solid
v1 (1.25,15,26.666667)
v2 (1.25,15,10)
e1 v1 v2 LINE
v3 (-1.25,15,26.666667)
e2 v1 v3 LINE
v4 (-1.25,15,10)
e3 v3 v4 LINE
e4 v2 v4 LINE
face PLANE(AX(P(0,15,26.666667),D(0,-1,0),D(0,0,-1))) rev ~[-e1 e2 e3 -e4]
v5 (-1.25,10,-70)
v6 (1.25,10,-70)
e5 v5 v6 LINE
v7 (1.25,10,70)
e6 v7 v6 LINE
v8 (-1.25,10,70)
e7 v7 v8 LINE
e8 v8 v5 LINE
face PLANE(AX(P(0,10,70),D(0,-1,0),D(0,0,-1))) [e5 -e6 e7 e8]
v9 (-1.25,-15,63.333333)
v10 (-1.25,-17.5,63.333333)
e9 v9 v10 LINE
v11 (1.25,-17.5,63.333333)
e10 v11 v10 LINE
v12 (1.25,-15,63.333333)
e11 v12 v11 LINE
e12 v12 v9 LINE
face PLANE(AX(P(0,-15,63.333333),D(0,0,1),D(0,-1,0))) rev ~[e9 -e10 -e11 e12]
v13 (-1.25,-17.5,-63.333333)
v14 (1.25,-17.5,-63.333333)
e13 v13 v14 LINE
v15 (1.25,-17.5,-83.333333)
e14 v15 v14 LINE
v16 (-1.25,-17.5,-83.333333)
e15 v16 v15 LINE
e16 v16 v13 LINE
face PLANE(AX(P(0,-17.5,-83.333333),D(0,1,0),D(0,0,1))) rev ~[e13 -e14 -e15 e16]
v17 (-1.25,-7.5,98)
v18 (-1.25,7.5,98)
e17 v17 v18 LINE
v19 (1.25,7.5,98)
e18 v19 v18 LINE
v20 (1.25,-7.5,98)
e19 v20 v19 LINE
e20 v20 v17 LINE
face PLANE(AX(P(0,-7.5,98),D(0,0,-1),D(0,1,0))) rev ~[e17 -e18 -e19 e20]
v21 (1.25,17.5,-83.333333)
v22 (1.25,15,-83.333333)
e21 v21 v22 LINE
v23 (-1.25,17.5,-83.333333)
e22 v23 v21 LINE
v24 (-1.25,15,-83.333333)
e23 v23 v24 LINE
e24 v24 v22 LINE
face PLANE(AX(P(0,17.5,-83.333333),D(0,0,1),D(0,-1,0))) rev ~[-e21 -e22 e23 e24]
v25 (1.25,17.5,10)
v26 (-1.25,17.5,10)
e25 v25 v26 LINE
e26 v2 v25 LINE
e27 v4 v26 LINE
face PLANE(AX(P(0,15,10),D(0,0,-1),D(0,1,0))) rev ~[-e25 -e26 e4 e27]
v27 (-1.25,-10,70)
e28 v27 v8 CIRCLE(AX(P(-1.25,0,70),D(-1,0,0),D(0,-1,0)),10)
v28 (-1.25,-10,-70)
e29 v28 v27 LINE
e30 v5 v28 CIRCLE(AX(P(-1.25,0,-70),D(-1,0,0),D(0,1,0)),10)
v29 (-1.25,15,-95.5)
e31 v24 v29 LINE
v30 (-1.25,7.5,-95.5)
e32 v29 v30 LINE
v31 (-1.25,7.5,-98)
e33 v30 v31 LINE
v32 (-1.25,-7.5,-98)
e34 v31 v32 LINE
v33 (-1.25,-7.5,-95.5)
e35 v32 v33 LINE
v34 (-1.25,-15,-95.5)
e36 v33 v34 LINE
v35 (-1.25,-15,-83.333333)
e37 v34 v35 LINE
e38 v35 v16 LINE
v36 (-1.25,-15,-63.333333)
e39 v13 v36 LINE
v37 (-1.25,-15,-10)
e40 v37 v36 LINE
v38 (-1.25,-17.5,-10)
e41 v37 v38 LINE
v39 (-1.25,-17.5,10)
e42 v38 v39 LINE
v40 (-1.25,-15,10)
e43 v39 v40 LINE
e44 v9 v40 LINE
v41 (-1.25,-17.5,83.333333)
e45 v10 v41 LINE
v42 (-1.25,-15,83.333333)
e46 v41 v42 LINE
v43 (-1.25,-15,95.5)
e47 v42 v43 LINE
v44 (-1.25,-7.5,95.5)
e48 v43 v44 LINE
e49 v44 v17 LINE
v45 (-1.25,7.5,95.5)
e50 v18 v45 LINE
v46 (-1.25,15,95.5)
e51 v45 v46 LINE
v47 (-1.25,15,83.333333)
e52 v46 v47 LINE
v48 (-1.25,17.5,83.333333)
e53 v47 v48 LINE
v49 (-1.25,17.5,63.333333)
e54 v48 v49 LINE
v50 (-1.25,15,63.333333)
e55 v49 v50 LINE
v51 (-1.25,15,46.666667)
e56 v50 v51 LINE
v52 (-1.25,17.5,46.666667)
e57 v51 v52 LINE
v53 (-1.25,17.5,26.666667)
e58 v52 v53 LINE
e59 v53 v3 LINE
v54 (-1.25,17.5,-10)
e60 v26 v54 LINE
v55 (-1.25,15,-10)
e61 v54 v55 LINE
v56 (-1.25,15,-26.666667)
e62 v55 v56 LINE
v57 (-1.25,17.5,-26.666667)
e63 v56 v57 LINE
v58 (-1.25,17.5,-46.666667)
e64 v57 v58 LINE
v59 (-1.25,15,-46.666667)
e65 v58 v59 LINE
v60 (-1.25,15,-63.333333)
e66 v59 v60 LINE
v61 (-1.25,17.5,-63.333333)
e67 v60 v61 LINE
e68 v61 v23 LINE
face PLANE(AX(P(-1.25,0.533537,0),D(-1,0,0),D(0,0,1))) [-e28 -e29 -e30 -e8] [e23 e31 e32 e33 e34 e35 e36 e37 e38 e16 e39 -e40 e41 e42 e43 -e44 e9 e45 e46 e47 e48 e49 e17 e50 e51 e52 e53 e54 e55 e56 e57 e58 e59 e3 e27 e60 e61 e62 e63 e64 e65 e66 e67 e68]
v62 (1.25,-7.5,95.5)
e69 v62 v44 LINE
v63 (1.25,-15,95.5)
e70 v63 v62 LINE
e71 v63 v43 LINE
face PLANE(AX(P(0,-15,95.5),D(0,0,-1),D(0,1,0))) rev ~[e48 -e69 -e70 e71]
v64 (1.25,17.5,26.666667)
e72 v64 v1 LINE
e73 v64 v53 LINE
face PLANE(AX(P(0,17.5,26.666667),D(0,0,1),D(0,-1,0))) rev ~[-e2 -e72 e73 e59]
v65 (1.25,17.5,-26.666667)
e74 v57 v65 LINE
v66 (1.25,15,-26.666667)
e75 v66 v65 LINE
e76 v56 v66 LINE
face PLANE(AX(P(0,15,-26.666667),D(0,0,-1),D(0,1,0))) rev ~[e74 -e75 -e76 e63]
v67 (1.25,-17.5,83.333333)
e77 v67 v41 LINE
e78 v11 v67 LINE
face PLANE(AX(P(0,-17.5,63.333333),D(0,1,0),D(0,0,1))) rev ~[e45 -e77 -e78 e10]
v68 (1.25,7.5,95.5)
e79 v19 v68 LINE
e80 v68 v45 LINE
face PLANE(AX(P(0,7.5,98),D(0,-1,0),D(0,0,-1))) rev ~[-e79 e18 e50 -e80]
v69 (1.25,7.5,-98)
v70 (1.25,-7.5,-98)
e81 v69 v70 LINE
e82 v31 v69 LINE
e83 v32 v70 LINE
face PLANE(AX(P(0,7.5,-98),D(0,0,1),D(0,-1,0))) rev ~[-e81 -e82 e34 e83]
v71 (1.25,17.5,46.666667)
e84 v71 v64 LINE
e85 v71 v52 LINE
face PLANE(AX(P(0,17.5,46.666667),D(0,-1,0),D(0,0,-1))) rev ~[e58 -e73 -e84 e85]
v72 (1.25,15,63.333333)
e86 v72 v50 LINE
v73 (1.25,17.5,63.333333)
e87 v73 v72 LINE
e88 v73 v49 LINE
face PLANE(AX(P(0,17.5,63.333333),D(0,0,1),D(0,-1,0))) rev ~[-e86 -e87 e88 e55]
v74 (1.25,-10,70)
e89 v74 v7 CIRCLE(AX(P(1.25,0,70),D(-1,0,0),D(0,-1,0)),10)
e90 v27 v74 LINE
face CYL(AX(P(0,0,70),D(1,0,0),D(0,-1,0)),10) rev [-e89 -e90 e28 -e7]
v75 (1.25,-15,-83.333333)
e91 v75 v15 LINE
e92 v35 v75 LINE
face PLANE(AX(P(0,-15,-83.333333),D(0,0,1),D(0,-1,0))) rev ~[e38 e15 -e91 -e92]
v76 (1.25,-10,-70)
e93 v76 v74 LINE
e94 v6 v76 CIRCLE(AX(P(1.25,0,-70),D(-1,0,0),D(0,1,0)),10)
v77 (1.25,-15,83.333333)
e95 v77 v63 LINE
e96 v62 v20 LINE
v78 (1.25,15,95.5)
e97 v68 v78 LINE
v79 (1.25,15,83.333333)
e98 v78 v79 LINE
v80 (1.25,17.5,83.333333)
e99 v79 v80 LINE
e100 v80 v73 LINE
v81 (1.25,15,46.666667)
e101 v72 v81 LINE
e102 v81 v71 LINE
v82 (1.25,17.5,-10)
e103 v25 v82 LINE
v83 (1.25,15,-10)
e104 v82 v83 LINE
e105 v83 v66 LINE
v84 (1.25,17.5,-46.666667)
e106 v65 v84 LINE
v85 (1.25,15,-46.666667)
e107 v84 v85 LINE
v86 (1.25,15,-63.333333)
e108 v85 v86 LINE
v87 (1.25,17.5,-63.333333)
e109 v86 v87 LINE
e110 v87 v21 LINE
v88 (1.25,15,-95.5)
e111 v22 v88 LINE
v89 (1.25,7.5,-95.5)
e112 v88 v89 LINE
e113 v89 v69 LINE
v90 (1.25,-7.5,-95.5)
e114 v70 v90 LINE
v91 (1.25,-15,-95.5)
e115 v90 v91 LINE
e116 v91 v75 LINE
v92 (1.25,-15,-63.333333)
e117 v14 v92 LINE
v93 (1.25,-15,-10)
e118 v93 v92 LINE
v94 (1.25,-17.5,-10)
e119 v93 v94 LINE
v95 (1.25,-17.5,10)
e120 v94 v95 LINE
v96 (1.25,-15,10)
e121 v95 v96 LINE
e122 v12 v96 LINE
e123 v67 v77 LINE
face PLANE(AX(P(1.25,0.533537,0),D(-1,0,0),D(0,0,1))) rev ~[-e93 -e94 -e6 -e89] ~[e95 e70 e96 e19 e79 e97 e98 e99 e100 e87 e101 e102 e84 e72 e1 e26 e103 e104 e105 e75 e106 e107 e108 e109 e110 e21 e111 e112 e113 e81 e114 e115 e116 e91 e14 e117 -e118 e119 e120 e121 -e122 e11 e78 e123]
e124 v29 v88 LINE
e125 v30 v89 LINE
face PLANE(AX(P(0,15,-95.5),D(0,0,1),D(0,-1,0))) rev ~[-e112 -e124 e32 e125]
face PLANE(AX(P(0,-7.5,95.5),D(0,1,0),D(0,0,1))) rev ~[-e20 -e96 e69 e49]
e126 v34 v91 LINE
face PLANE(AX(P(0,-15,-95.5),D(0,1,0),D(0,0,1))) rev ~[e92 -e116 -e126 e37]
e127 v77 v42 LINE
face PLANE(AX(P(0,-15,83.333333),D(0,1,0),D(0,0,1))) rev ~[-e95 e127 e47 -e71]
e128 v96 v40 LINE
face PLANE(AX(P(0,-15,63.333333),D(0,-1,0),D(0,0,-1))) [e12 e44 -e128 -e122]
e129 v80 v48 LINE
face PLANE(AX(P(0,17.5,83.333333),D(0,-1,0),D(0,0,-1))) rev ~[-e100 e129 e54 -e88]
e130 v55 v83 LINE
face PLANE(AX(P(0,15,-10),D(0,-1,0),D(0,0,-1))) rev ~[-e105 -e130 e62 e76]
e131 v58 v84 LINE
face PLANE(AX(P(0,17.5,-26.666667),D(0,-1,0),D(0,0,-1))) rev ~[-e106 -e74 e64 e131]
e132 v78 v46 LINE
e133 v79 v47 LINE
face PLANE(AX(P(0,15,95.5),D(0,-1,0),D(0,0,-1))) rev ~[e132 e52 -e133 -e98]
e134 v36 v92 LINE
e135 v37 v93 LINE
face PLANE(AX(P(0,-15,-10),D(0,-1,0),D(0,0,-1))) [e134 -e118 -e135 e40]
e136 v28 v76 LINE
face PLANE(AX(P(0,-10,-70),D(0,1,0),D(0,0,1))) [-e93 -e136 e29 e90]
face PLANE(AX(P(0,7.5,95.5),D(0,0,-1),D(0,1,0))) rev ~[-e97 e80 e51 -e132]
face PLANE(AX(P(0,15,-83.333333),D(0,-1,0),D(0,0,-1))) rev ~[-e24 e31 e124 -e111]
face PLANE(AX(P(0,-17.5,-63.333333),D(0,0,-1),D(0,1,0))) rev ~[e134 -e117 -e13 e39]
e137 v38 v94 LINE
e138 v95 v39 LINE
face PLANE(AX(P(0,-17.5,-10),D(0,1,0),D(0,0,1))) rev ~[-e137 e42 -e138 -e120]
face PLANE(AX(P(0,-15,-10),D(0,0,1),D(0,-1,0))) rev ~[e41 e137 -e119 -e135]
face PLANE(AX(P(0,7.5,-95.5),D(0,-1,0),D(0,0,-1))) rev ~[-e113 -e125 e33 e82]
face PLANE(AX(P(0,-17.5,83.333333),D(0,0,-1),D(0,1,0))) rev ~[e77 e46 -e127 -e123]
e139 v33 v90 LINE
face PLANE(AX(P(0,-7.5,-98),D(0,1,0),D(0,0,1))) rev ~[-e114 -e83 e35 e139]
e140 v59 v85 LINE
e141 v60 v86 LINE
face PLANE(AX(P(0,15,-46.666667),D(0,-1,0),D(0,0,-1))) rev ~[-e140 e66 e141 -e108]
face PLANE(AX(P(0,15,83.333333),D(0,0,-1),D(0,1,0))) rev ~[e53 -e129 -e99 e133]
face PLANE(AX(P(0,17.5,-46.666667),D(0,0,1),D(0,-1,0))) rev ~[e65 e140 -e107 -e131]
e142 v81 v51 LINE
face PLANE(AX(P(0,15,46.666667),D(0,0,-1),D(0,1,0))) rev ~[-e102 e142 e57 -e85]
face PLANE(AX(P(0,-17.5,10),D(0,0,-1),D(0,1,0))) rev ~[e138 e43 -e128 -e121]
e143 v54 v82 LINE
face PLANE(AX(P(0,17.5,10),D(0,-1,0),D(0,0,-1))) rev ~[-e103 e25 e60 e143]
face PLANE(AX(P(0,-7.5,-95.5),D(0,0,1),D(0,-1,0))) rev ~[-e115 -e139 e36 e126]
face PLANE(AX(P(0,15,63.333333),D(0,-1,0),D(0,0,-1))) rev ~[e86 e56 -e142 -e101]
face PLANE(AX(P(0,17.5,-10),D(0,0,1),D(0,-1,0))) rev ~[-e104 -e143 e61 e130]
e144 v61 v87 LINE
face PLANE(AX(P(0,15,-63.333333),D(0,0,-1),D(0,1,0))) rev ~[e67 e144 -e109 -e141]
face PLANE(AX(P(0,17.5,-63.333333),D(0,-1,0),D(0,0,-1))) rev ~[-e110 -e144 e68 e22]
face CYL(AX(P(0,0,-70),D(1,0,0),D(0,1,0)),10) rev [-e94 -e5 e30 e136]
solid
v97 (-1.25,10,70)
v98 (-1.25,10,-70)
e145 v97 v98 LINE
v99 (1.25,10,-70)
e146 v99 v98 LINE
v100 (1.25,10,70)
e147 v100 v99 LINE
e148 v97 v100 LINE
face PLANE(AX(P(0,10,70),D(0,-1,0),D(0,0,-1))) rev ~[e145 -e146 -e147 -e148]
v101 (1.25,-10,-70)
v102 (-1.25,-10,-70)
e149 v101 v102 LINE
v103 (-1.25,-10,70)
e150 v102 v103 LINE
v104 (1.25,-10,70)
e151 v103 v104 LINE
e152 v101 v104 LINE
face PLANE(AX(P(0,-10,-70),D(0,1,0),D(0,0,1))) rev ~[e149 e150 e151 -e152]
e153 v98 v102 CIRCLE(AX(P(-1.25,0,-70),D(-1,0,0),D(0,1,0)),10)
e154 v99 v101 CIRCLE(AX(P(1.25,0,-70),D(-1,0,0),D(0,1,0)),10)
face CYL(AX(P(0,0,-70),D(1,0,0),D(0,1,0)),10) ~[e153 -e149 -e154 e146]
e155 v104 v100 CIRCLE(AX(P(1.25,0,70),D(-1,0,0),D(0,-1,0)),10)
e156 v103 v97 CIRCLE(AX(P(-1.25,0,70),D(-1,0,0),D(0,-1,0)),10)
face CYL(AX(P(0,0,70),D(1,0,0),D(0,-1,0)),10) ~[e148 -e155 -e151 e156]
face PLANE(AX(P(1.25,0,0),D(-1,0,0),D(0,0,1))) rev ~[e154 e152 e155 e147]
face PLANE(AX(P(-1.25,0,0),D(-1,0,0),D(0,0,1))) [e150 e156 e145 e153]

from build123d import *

# Parameters (mm, degrees)
BOSS_EXTRUDE1_DEPTH = 1.25
BOSS_EXTRUDE2_DEPTH = 1.25


with BuildPart() as part:
    # Sketch1 → Boss-Extrude1 (new, symmetric)
    with BuildSketch(Plane(origin=(0, 0, 0), x_dir=(0, 0, -1), z_dir=(1, 0, 0))):
        Polygon((-10, -17.5), (10, -17.5), (10, -15), (26.666666667, -15), (46.666666667, -15), (63.333333333, -15), (63.333333333, -17.5), (83.333333333, -17.5), (83.333333333, -15), (95.5, -15), (95.5, -7.5), (98, -7.5), (98, 7.5), (95.5, 7.5), (95.5, 15), (83.333333333, 15), (83.333333333, 17.5), (63.333333333, 17.5), (63.333333333, 15), (46.666666667, 15), (46.666666667, 17.5), (26.666666667, 17.5), (26.666666667, 15), (10, 15), (10, 17.5), (-10, 17.5), (-10, 15), (-26.666666667, 15), (-26.666666667, 17.5), (-46.666666667, 17.5), (-46.666666667, 15), (-63.333333333, 15), (-63.333333333, 17.5), (-83.333333333, 17.5), (-83.333333333, 15), (-95.5, 15), (-95.5, 7.5), (-98, 7.5), (-98, -7.5), (-95.5, -7.5), (-95.5, -15), (-83.333333333, -15), (-83.333333333, -17.5), (-63.333333333, -17.5), (-63.333333333, -15), (-46.666666667, -15), (-26.666666667, -15), (-10, -15), align=None)
        with BuildLine():
            ThreePointArc((-70, -10), (-80, 0), (-70, 10))
            Line((-70, 10), (70, 10))
            ThreePointArc((70, 10), (80, 0), (70, -10))
            Line((70, -10), (-70, -10))
        make_face(mode=Mode.SUBTRACT)
    extrude(amount=BOSS_EXTRUDE1_DEPTH, both=True)


with BuildPart() as body_2:
    # Sketch1<6> → Boss-Extrude2 (new, symmetric)
    with BuildSketch(Plane(origin=(0, 0, 0), x_dir=(0, 0, -1), z_dir=(1, 0, 0))):
        with BuildLine():
            Line((70, 10), (-70, 10))
            ThreePointArc((-70, 10), (-80, 0), (-70, -10))
            Line((-70, -10), (70, -10))
            ThreePointArc((70, -10), (80, 0), (70, 10))
        make_face()
    extrude(amount=BOSS_EXTRUDE2_DEPTH, both=True)


solid = Compound([part.part, body_2.part])
